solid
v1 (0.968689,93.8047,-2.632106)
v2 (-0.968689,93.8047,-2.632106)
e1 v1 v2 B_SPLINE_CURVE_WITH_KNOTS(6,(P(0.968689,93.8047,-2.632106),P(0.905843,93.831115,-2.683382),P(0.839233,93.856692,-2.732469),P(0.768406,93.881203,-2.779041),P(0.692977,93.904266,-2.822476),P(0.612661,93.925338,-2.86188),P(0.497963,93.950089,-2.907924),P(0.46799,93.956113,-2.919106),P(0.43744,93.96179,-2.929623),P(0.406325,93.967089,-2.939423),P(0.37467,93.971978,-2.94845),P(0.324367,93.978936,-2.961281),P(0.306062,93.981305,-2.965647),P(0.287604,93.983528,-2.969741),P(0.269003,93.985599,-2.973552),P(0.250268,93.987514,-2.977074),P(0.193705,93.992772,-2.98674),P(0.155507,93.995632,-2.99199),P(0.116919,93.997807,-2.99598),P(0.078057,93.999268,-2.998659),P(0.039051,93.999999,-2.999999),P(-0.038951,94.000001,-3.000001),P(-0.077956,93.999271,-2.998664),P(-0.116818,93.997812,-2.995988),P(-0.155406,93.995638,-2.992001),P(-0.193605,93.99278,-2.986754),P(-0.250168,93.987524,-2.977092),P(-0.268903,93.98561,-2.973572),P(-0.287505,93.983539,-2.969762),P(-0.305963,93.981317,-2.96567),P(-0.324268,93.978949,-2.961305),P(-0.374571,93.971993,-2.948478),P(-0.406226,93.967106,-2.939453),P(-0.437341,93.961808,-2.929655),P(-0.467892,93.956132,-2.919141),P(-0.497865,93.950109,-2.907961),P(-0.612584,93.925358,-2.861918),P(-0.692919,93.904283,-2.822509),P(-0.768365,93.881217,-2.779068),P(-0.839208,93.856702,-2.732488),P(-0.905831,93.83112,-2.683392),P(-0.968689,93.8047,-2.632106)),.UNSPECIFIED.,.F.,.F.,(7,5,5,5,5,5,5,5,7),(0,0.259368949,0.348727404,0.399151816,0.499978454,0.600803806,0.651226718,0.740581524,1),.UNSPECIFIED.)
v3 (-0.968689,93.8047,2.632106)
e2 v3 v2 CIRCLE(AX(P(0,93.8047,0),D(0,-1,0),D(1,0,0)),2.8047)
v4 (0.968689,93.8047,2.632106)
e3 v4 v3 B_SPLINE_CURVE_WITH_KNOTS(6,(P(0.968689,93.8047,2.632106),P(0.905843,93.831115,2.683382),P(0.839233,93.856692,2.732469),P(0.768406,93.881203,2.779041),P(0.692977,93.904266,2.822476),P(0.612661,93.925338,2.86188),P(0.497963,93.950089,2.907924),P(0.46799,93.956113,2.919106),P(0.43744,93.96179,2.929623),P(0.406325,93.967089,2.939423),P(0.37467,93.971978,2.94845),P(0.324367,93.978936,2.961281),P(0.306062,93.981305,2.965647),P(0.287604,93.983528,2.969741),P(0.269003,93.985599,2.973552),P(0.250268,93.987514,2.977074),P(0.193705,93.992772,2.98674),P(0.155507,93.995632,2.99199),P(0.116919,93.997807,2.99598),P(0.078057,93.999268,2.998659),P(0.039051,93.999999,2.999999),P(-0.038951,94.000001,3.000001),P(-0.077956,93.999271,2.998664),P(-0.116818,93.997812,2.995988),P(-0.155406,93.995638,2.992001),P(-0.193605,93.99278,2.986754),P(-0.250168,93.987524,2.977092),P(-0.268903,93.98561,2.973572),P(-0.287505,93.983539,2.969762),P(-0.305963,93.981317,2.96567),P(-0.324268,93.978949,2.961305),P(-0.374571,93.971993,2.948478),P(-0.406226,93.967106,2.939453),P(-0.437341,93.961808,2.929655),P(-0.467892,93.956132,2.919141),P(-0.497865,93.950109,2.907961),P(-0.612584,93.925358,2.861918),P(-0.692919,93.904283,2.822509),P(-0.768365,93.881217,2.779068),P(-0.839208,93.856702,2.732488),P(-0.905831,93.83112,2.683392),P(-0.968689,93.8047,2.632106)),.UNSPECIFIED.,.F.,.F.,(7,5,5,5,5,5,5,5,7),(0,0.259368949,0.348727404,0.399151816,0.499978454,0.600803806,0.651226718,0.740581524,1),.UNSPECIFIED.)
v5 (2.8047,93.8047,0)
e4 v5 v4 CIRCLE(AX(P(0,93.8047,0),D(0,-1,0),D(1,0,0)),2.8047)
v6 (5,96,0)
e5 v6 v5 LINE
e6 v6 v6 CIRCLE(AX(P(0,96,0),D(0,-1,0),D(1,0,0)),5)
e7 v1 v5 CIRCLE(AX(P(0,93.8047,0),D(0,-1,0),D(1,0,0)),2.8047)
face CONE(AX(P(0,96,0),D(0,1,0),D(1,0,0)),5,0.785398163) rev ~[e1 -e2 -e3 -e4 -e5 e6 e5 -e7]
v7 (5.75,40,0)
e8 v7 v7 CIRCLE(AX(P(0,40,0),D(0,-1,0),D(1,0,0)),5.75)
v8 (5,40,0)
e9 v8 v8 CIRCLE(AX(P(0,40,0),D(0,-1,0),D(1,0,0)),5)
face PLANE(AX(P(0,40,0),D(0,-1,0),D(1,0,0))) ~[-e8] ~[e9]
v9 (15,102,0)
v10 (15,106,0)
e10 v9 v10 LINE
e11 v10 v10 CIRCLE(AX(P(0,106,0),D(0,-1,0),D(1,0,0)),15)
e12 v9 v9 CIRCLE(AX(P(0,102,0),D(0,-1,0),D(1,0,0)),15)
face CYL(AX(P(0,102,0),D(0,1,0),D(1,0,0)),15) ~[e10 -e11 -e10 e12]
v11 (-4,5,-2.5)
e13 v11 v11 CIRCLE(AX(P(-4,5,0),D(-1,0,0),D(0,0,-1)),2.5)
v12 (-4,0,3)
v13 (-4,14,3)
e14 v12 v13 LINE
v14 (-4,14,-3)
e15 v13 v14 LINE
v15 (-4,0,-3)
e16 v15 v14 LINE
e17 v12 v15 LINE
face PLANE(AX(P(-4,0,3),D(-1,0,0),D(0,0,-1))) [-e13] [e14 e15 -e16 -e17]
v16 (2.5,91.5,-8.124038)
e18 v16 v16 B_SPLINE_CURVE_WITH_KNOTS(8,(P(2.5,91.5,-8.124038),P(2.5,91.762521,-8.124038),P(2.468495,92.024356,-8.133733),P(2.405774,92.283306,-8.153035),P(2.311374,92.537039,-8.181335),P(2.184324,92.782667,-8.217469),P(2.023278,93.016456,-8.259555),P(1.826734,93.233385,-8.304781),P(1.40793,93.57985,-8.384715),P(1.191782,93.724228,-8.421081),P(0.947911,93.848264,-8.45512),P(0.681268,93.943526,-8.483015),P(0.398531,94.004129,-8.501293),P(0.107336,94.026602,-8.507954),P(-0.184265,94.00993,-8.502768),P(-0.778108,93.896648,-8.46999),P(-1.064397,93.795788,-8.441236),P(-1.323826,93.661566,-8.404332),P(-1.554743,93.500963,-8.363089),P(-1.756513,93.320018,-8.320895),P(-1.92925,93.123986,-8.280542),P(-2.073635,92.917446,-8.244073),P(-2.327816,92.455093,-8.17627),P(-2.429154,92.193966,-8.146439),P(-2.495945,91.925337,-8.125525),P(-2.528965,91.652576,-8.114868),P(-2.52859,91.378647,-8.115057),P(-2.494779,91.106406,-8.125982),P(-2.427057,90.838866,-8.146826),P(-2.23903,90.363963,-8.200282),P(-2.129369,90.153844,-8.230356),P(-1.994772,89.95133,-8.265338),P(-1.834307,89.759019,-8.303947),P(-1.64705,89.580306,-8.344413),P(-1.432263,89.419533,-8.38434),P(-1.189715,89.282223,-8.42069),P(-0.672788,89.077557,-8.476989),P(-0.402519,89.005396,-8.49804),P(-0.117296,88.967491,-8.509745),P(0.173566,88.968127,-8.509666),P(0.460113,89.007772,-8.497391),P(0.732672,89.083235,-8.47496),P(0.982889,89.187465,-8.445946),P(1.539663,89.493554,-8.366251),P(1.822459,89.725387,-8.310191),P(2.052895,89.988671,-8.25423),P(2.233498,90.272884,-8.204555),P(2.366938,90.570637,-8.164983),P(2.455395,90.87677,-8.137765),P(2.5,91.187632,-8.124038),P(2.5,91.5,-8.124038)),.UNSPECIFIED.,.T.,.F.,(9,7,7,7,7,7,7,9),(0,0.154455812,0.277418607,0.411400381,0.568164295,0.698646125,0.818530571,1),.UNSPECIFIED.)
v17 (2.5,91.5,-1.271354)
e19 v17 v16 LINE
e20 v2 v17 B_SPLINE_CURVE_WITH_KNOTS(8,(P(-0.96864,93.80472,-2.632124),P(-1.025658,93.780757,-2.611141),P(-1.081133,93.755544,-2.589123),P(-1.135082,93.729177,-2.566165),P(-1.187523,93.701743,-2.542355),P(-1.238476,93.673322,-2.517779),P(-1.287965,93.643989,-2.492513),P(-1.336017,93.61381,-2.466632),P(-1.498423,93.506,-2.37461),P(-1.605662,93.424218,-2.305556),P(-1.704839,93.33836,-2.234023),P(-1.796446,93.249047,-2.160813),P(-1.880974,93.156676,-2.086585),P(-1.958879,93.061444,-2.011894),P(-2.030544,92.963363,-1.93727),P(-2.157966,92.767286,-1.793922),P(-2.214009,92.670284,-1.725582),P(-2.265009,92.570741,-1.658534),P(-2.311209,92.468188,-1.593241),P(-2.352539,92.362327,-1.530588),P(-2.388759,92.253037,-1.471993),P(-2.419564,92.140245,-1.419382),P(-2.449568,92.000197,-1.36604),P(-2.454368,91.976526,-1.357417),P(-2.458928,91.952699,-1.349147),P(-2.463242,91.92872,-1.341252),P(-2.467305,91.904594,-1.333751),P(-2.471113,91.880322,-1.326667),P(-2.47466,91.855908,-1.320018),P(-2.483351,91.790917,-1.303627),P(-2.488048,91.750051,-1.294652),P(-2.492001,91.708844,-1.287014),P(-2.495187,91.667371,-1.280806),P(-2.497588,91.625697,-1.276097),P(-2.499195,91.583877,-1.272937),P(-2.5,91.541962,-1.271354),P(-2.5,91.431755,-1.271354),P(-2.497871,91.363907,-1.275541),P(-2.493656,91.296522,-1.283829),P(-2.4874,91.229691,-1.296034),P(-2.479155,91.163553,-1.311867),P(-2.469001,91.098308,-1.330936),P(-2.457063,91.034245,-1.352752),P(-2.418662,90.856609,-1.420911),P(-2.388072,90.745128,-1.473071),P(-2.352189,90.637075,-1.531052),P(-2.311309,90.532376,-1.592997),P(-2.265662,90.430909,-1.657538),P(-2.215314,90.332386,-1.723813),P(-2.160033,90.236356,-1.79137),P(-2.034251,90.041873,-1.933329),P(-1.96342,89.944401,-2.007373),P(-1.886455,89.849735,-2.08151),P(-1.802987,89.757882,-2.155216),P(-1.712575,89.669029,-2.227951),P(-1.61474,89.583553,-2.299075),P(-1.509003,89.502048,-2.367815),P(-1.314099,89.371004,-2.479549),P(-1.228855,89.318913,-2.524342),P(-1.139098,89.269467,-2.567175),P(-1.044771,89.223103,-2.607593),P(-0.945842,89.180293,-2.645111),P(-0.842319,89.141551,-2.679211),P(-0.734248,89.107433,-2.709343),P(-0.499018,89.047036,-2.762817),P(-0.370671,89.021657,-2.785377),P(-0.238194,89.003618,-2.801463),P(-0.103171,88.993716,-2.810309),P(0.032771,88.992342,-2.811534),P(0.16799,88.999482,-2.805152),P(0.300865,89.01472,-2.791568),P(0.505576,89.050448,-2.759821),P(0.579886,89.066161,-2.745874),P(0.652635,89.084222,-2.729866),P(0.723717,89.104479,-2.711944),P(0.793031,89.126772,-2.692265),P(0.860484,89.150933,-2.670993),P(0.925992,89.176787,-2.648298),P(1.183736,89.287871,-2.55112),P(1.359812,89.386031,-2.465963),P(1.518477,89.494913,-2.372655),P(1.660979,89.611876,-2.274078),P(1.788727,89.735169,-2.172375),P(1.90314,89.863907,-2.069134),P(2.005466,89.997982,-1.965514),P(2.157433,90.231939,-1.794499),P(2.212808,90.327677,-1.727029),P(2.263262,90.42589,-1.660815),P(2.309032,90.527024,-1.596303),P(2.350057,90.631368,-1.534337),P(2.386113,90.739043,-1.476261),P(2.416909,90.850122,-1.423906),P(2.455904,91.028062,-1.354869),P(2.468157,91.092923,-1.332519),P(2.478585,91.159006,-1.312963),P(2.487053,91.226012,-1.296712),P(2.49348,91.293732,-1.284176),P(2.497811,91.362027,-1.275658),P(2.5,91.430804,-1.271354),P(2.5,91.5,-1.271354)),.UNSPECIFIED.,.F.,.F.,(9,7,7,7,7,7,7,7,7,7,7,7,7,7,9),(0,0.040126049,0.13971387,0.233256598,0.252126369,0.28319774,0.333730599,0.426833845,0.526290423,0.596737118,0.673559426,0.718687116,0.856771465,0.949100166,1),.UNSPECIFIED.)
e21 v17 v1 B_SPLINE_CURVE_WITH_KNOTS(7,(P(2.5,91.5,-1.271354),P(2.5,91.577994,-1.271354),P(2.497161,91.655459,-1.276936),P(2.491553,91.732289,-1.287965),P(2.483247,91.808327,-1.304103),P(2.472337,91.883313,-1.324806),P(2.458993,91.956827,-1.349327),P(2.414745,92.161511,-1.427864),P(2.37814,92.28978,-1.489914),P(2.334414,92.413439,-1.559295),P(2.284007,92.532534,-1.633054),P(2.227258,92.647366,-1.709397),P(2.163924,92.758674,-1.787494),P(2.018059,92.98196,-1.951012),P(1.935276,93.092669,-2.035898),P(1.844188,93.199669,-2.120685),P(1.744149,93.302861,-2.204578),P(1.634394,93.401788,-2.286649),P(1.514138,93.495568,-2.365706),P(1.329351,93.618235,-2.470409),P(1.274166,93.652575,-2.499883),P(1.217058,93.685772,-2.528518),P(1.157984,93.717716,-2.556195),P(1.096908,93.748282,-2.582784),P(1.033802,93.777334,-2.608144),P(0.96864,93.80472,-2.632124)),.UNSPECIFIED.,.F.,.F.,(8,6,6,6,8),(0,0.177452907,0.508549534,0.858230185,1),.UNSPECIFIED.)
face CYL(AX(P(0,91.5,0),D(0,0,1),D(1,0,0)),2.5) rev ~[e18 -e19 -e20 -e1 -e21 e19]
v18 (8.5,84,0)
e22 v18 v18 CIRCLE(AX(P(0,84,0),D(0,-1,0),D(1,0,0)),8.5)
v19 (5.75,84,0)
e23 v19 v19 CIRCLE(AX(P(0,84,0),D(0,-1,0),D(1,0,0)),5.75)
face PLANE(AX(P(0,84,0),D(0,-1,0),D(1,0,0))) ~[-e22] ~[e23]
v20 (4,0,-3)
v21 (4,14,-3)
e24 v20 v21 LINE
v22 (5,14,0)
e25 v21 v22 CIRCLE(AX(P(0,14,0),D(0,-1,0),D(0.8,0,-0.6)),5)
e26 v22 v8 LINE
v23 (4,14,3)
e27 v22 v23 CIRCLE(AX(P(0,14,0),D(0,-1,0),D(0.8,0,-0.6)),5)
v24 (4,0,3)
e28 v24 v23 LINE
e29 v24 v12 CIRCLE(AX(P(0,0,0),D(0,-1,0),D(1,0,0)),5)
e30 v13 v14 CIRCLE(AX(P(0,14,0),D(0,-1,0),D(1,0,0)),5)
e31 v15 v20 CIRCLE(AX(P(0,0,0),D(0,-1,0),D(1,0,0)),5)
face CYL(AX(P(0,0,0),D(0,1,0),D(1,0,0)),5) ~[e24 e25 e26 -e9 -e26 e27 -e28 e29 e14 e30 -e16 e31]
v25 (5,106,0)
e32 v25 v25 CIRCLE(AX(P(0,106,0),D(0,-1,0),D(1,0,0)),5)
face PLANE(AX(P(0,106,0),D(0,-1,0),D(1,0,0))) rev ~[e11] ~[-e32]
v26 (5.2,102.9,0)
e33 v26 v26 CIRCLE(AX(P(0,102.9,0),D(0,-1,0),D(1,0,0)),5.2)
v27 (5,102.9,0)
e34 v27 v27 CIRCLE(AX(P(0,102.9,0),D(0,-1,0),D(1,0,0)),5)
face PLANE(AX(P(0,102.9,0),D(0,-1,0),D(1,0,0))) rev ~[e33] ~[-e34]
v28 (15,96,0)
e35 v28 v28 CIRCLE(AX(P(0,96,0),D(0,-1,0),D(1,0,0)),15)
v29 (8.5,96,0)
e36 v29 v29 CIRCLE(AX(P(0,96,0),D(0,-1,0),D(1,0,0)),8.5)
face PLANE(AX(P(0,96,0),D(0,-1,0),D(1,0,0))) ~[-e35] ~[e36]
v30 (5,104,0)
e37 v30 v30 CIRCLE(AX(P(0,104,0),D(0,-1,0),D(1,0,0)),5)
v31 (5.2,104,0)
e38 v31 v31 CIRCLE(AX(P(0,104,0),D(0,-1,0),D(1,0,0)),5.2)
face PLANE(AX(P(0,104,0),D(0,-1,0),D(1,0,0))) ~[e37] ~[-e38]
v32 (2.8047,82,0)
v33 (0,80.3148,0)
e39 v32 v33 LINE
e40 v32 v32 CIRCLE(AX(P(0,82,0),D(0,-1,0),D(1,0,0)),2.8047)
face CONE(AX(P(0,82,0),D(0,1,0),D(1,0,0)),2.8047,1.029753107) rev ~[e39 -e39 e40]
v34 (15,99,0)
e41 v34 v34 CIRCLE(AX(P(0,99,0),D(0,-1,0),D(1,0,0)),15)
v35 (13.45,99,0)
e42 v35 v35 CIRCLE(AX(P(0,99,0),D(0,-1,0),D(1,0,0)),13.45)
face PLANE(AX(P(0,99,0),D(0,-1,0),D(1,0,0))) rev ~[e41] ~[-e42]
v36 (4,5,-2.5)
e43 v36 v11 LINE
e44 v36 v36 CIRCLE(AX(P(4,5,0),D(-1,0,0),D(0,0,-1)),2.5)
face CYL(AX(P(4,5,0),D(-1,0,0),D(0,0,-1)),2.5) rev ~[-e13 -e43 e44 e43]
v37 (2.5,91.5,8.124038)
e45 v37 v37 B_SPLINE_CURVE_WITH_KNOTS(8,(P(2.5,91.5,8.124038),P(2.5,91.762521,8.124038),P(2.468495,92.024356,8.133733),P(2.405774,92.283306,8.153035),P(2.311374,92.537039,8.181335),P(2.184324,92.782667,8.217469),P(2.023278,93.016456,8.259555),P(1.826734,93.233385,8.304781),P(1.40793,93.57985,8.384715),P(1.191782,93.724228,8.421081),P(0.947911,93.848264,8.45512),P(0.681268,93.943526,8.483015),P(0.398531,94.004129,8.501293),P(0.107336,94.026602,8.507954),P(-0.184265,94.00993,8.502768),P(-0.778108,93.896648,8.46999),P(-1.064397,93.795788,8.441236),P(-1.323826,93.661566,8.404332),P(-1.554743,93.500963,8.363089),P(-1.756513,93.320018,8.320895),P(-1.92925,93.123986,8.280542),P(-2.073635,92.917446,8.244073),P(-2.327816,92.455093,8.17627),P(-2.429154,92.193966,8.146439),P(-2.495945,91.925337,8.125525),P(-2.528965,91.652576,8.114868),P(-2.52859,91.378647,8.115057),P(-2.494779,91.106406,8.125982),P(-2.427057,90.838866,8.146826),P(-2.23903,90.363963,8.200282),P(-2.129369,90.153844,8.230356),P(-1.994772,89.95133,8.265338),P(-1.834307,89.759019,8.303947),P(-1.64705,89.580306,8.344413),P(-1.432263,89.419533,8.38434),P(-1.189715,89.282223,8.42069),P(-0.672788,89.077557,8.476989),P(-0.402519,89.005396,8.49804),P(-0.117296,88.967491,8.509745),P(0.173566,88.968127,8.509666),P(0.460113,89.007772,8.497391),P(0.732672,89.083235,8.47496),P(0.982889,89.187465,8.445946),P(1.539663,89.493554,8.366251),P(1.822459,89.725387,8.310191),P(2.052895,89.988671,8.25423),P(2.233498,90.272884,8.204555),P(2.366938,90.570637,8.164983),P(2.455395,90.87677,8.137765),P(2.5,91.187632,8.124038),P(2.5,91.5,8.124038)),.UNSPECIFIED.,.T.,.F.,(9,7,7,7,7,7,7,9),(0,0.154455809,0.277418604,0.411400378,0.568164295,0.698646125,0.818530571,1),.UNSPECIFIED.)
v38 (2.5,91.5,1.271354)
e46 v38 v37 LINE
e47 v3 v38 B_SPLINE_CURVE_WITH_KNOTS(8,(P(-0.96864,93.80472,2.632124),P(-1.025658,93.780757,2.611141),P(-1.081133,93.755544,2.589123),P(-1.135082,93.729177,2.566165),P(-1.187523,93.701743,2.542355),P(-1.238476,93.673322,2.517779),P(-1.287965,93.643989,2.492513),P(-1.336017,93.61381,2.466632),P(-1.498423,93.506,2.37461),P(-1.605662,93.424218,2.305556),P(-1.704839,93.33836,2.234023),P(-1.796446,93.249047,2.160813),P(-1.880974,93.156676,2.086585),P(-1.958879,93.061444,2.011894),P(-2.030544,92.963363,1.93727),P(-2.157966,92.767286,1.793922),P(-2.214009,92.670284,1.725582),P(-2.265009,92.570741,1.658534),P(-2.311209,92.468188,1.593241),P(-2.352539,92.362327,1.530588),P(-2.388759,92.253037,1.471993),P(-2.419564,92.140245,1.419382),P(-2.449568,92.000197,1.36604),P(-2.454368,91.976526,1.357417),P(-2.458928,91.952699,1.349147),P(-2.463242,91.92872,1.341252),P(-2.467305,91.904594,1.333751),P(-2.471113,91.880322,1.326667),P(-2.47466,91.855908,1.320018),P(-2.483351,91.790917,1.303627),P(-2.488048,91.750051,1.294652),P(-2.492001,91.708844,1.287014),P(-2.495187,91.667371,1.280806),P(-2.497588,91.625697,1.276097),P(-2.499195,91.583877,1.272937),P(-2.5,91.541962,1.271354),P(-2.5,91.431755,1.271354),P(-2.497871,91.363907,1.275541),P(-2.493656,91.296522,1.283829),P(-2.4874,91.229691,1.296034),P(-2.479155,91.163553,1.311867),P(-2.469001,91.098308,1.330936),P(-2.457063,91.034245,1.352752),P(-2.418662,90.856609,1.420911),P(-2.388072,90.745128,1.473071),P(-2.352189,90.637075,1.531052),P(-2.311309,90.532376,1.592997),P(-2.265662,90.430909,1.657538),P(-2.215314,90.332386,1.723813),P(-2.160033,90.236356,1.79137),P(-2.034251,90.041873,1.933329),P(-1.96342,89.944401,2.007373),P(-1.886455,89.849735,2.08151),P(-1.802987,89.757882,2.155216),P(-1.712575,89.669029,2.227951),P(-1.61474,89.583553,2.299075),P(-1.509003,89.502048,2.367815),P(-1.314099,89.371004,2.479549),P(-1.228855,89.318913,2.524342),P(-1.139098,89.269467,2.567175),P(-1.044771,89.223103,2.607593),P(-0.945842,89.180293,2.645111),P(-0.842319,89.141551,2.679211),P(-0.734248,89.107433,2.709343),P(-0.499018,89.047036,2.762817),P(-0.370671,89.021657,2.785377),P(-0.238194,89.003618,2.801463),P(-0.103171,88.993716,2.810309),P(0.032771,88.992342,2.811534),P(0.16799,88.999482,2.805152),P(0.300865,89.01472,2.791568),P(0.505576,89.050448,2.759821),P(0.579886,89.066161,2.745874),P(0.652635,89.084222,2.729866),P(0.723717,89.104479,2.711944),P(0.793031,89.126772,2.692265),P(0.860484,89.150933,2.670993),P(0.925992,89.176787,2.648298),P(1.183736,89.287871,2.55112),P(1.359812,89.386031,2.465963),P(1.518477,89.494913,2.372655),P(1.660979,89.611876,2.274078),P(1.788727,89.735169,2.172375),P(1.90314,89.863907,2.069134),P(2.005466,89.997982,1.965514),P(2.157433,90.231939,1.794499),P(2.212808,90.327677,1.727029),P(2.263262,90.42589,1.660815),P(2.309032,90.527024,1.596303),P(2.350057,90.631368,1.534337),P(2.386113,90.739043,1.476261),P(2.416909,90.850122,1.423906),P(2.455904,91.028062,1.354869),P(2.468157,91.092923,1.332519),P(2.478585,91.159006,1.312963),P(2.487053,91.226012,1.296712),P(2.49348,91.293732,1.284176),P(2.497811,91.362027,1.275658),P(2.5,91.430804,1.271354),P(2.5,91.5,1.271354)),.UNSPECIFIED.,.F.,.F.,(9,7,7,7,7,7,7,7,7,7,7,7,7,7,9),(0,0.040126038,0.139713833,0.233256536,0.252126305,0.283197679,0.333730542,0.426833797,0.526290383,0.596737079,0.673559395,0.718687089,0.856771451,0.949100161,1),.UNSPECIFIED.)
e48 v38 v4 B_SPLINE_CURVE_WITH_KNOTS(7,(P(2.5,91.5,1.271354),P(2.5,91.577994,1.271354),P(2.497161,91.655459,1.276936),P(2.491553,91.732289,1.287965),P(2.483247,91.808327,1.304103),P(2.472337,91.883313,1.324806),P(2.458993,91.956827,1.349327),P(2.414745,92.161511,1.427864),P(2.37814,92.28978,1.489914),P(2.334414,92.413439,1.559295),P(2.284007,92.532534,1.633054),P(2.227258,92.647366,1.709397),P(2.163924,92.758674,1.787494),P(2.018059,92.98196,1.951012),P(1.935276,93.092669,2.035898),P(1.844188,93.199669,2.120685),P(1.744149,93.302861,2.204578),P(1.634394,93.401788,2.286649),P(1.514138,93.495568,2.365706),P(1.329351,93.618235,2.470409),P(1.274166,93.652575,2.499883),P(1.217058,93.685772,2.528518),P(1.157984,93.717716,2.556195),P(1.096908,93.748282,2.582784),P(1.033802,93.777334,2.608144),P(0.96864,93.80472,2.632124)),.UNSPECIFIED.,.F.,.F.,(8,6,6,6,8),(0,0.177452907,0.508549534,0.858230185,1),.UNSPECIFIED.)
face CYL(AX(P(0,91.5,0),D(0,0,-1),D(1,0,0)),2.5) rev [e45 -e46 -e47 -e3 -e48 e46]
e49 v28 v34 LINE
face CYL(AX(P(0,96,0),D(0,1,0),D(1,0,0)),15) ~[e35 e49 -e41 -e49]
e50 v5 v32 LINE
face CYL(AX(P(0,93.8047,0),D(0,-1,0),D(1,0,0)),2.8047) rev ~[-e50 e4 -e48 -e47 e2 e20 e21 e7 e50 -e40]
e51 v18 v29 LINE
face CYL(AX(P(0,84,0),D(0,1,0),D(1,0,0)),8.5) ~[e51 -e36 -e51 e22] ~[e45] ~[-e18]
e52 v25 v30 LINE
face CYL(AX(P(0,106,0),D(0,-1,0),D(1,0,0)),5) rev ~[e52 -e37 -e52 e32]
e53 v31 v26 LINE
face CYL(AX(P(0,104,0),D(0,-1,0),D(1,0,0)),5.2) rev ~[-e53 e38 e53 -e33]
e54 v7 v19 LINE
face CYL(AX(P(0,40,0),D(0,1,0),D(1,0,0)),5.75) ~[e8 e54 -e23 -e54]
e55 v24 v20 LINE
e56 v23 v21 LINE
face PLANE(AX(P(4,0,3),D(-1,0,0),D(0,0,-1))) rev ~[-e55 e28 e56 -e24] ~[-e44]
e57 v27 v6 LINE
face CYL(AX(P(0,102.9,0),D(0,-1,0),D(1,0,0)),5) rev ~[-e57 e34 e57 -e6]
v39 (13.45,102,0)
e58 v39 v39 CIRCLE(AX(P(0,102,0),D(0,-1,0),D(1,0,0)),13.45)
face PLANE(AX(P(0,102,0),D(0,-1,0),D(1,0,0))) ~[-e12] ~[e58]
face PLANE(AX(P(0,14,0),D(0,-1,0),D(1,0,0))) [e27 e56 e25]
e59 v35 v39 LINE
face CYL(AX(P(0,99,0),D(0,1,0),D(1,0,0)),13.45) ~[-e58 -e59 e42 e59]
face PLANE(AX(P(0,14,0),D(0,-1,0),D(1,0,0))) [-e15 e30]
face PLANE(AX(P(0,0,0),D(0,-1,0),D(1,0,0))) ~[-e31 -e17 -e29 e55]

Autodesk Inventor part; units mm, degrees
ref_plane "YZ Plane" through (0, 0, 0) normal (1, 0, 0) x (0, 1, 0)
ref_plane "XZ Plane" through (0, 0, 0) normal (0, 1, 0) x (-1, 0, 0)
ref_plane "XY Plane" through (0, 0, 0) normal (0, 0, 1) x (1, 0, 0)
sketch "Schizzo1" plane through (0, 0, 0) normal (0, 0, 1) x (1, 0, 0)
  line L0 (0, 0) -> (5, 0)
  line L1 (5, 0) -> (5, 40)
  line L2 (5, 40) -> (5.75, 40)
  line L3 (5.75, 40) -> (5.75, 84)
  line L4 (5.75, 84) -> (8.5, 84)
  line L5 (8.5, 84) -> (8.5, 96)
  line L6 (8.5, 96) -> (15, 96)
  line L7 (15, 96) -> (15, 99)
  line L8 (15, 99) -> (13.45, 99)
  line L9 (13.45, 99) -> (13.45, 102)
  line L10 (13.45, 102) -> (15, 102)
  line L11 (15, 102) -> (15, 106)
  line L12 (15, 106) -> (5, 106)
  line L13 (5, 106) -> (5, 104)
  line L14 (5, 104) -> (5.2, 104)
  line L15 (5.2, 104) -> (5.2, 102.9)
  line L16 (5.2, 102.9) -> (5, 102.9)
  line L17 (5, 102.9) -> (5, 96)
  line L18 (5, 96) -> (2.8047, 93.8047)
  line L19 (2.8047, 93.8047) -> (2.8047, 82)
  line L20 (2.8047, 82) -> (0, 80.3148)
  line L21 (0, 80.3148) -> (0, 0)
  dimension "d1" = 10
  dimension "d2" = 11.5
  dimension "d3" = 30
  dimension "d4" = 26.9
  dimension "d5" = 10.4
  dimension "d6" = 10
  dimension "d7" = 5.6094
  dimension "d8" = 17
  dimension "d9" = 40
  dimension "d10" = 84
  dimension "d11" = 96
  dimension "d12" = 10
  dimension "d13" = 4
  dimension "d14" = 3
  dimension "d15" = 2
  dimension "d16" = 1.1
  dimension "d17" = 45
  dimension "d18" = 59
  dimension "d19" = 24
revolve "Rivoluzione1" add sketch "Schizzo1" angle 360 about axis through (0, 80.3148, 0) along (0, -1, 0)
sketch "Schizzo2" plane through (0, 0, 0) normal (0, 0, 1) x (1, 0, 0)
  circle A0 centre (0, 91.5) radius 2.5
  line L0 (-15, 96) -> (15, 96) projected
  point P0 (0, 0)
  dimension "d21" = 5
  dimension "d22" = 4.5
extrude "Estrusione1" cut sketch "Schizzo2" along normal mid plane 30
sketch "Schizzo3" plane through (0, 0, 0) normal (0, -1, 0) x (1, 0, 0)
  line L0 (-4, 3) -> (-4, -3)
  line L1 (4, 3) -> (4, -3)
  circle A0 centre (0, 0) radius 5 projected
  dimension "d25" = 1
extrude "Estrusione2" cut sketch "Schizzo3" against normal blind 14 contours L0 A0 | A0 L1
sketch "Schizzo4" plane through (4, 0, 3) normal (1, 0, 0) x (0, 0, -1)
  line L0 (6, 0) -> (0, 0) projected
  point P0 (3, 0)
  point P1 (3, 5)
  point P2 (3, 0)
  dimension "d30" = 5
hole "Foro1" at (4, 5, 0) direction (-1, 0, 0) diameter 5 end through all
properties part number "04-03-2023"
